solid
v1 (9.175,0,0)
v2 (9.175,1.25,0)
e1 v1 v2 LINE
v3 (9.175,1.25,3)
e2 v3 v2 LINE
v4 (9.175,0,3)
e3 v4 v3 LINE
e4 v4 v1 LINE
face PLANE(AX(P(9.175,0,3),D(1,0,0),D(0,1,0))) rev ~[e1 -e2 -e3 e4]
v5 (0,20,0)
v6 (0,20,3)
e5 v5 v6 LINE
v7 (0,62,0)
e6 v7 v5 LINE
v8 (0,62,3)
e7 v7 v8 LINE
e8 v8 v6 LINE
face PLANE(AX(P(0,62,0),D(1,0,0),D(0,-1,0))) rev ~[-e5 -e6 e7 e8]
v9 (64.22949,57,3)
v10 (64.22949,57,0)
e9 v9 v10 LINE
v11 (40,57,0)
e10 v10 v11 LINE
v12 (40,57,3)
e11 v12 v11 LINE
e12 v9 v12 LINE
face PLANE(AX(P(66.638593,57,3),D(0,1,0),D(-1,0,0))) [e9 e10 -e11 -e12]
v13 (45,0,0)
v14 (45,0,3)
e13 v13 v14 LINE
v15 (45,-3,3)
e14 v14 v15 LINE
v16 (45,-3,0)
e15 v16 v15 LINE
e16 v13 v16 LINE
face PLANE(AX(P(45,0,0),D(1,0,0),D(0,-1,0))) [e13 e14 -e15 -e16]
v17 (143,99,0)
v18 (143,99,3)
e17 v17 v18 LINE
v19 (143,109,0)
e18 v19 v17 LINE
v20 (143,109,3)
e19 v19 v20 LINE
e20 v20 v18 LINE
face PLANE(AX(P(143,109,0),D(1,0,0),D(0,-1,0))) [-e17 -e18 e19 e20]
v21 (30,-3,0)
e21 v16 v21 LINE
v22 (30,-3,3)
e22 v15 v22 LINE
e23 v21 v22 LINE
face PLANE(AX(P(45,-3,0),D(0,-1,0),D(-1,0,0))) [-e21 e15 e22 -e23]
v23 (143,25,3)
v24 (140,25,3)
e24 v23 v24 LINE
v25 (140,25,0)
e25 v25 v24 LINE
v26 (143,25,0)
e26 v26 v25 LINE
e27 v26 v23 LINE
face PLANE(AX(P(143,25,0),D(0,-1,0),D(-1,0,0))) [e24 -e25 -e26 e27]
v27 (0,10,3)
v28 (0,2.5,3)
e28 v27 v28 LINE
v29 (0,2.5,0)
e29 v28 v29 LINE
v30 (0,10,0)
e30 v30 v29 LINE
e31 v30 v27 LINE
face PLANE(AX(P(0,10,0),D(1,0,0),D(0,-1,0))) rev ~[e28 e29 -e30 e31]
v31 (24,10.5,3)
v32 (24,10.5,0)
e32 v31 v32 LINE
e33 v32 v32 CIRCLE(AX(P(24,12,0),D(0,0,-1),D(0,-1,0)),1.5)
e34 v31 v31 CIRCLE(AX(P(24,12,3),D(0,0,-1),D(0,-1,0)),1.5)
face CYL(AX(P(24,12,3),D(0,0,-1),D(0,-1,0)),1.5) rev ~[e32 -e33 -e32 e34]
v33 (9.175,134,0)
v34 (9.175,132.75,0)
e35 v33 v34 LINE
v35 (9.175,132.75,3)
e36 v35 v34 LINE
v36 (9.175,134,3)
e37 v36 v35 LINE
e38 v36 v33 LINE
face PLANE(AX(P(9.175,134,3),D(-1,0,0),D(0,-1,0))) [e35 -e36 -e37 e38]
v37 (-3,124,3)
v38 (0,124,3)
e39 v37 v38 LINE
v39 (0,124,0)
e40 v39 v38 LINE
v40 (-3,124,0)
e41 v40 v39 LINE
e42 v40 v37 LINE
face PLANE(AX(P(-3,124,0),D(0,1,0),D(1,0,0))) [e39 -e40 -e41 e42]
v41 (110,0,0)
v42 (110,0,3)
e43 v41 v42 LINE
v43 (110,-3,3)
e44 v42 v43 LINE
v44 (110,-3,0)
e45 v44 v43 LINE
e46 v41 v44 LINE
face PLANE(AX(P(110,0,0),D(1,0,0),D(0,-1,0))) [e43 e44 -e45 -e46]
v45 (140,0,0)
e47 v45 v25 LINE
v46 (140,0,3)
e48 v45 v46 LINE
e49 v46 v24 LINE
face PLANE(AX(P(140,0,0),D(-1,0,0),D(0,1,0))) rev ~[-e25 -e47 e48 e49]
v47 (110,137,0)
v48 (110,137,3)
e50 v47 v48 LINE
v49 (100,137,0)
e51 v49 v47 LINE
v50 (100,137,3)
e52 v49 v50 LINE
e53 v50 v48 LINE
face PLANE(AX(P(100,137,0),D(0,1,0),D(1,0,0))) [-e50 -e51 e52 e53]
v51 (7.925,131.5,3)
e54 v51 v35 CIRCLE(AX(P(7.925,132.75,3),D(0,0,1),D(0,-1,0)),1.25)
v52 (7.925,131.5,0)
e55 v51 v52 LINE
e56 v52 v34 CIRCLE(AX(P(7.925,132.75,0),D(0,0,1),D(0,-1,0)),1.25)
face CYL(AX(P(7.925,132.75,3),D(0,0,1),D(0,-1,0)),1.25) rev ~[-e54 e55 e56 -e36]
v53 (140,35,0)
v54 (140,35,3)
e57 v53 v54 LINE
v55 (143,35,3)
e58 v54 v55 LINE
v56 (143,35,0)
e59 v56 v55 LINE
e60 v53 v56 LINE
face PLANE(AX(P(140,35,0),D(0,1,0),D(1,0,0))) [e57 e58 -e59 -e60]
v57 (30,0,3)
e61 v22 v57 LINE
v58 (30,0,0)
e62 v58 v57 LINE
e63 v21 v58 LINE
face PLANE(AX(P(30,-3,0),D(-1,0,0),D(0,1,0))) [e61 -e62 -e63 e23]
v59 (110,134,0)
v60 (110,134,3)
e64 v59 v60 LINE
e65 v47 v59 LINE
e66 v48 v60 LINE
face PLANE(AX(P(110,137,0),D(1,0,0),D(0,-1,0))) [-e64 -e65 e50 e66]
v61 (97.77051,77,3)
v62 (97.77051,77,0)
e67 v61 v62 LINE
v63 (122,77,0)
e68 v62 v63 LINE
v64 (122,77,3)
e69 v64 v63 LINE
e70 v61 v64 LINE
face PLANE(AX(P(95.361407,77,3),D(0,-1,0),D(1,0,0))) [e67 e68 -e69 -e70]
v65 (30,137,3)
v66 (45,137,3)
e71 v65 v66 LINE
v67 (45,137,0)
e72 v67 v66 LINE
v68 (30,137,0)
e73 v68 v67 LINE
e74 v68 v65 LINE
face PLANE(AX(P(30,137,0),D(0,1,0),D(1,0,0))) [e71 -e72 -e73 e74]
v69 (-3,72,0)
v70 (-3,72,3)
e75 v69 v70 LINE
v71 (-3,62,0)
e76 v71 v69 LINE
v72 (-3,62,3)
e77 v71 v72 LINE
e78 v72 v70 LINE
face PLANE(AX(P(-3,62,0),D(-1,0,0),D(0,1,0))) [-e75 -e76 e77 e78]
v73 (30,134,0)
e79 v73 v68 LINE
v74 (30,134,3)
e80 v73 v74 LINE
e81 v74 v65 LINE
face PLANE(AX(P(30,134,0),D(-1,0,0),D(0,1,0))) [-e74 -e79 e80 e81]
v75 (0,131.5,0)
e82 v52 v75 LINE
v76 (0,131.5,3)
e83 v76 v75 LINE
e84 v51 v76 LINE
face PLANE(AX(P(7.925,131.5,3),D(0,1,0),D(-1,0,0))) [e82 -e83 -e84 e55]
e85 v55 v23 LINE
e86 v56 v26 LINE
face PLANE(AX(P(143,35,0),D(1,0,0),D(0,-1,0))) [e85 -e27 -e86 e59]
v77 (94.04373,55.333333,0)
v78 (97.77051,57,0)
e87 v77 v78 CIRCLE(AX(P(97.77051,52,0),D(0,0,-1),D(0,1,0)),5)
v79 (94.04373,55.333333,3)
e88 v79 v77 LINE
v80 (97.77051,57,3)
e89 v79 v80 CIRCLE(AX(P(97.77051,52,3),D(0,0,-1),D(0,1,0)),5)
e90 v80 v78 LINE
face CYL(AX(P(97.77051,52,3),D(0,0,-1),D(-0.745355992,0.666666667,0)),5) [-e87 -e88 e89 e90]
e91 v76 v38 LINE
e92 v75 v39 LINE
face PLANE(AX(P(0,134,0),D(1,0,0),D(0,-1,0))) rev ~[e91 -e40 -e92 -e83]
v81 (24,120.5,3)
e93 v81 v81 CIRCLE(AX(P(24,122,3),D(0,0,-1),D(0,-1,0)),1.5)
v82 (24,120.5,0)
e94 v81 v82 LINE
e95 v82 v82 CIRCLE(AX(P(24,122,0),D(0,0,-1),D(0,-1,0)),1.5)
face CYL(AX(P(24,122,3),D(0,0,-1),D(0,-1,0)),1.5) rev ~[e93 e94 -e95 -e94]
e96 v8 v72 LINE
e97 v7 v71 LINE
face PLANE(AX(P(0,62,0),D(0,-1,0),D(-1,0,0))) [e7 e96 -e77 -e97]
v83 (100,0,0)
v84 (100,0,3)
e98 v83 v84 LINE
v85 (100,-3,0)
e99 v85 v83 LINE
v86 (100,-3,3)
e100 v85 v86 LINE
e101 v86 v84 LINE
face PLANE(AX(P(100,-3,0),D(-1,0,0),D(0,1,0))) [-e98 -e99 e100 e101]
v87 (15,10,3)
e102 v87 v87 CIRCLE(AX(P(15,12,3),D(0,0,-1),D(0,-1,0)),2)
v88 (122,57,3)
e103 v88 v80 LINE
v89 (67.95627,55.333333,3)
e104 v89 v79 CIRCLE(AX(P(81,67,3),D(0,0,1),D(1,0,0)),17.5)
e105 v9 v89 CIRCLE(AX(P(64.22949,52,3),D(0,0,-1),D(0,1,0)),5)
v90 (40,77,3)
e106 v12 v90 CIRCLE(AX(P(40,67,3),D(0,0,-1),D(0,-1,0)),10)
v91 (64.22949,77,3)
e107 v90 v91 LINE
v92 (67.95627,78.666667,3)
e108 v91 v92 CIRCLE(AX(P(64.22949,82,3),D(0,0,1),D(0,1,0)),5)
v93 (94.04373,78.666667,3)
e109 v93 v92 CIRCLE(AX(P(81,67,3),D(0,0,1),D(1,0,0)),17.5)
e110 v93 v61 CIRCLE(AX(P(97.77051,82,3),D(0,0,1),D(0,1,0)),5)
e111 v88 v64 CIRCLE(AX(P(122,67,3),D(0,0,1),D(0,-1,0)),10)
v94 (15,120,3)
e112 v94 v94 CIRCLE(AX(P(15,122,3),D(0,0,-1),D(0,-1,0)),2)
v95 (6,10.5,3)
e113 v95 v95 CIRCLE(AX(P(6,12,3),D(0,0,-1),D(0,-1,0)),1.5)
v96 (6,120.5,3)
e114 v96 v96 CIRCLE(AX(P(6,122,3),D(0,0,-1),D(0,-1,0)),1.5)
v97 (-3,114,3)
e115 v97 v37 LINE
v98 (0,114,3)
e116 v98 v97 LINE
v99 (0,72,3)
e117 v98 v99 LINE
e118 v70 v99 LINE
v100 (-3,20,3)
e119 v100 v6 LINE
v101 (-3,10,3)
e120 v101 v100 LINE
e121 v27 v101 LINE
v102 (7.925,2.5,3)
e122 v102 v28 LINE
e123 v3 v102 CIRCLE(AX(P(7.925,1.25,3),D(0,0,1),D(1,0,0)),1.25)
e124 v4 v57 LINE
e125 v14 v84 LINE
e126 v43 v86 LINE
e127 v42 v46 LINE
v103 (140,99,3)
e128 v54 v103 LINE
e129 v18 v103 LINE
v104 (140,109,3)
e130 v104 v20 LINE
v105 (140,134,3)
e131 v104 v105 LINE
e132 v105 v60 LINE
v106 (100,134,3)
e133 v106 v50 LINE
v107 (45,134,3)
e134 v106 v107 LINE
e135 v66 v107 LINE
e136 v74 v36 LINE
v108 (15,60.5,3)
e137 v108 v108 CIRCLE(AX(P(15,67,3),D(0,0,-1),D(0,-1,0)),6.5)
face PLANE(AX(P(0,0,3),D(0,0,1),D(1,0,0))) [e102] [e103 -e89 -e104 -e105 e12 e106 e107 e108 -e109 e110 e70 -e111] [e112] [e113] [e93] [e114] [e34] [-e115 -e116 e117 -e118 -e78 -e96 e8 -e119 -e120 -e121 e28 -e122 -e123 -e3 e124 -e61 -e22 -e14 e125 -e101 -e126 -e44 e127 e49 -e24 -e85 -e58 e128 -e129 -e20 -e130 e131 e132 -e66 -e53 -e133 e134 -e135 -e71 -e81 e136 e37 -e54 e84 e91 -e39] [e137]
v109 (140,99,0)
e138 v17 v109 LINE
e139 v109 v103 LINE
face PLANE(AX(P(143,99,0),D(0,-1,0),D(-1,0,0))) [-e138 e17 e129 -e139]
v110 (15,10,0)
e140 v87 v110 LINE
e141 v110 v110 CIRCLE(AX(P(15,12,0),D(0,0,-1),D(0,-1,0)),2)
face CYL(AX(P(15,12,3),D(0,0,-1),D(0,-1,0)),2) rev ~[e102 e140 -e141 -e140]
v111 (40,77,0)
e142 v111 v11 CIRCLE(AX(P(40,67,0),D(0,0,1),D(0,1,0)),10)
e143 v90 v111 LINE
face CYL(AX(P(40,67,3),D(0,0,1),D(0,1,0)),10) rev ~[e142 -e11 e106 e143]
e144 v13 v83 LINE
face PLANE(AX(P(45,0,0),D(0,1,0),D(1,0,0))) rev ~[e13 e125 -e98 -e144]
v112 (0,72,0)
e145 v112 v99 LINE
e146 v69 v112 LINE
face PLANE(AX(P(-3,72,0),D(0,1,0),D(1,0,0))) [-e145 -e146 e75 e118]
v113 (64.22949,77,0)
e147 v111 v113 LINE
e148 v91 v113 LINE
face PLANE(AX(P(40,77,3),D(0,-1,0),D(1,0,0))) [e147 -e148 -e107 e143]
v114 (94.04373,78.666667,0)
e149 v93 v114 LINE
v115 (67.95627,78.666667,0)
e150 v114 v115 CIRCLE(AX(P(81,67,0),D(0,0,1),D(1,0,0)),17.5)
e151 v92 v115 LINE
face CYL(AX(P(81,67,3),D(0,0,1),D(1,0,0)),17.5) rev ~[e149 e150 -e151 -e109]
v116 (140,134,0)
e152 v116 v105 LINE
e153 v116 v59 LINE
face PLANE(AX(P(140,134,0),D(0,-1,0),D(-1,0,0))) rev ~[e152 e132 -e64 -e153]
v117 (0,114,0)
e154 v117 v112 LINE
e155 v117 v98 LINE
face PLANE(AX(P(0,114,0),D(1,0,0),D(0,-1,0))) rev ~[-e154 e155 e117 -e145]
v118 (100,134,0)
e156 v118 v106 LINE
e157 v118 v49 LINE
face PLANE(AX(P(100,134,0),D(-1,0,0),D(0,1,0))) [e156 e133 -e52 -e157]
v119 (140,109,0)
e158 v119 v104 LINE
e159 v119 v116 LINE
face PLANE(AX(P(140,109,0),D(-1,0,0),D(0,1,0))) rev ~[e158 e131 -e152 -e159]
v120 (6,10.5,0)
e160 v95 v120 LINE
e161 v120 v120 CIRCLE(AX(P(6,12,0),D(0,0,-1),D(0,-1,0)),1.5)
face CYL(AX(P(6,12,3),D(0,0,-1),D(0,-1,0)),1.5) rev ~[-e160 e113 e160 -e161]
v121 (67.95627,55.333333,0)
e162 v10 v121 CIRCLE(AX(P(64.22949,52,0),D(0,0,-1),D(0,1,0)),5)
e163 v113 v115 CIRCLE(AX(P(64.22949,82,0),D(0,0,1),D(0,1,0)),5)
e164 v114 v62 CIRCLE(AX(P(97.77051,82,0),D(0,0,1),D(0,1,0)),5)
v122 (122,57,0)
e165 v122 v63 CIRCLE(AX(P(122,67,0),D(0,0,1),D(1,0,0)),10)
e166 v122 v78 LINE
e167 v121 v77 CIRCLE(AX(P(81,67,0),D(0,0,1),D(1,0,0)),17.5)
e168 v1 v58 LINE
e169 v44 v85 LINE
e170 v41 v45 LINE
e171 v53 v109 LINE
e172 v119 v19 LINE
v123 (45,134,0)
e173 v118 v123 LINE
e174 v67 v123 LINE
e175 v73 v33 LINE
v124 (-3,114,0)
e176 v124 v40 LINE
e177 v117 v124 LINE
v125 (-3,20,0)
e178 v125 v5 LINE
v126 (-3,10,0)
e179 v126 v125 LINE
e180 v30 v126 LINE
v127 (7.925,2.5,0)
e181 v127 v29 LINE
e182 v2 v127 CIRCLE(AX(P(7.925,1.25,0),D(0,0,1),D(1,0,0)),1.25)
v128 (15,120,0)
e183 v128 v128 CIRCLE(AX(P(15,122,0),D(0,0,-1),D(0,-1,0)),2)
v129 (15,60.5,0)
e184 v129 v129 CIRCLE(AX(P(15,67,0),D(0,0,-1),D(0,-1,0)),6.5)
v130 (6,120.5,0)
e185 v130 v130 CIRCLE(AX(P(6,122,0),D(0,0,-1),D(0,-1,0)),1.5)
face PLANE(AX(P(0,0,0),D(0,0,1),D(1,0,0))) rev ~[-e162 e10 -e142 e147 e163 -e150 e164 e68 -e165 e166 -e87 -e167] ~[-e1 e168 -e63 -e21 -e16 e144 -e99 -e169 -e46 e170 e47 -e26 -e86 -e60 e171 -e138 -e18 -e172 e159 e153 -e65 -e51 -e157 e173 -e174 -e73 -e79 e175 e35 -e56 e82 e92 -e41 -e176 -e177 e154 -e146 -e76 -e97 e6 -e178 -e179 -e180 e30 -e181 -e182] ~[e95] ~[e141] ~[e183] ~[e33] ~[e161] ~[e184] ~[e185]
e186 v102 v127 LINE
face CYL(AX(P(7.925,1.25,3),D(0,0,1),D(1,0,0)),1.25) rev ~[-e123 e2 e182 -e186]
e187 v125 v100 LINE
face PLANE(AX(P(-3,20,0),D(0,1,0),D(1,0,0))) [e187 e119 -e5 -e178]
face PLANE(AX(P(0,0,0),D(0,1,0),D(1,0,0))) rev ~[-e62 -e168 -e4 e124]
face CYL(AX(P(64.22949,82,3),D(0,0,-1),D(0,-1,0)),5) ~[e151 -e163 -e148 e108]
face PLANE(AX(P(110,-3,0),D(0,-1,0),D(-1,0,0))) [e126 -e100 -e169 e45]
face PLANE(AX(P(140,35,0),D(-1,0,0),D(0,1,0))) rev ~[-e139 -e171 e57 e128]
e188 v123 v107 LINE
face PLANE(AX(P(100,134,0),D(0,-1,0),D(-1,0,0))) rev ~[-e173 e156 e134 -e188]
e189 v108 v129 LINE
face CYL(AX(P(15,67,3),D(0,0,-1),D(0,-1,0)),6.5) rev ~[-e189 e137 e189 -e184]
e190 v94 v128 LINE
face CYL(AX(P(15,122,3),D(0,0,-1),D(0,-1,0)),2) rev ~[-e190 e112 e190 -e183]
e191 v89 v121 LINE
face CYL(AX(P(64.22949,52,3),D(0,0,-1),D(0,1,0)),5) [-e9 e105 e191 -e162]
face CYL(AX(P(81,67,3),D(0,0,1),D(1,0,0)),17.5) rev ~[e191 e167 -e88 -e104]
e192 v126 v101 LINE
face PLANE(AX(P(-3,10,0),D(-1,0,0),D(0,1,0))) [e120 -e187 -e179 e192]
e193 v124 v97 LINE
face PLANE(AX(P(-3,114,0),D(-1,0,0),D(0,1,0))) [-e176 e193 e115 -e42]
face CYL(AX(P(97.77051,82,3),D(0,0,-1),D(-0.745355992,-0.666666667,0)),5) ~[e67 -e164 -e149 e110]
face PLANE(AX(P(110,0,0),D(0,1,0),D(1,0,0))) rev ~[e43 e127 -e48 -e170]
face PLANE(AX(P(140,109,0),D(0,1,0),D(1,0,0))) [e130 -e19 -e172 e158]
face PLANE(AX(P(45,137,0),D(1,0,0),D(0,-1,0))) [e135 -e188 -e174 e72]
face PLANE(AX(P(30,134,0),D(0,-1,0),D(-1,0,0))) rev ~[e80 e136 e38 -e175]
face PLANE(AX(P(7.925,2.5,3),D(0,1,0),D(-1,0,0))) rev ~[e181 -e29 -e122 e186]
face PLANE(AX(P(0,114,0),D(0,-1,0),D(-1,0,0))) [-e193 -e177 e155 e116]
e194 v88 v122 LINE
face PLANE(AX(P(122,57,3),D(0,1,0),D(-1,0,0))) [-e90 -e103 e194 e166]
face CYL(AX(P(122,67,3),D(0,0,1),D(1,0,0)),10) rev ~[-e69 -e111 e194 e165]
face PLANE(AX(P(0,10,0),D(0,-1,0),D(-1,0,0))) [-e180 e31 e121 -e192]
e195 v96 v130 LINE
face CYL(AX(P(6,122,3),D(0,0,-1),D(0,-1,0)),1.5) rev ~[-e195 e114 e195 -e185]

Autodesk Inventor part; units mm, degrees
ref_plane "YZ Plane" through (0, 0, 0) normal (1, 0, 0) x (0, 1, 0)
ref_plane "XZ Plane" through (0, 0, 0) normal (0, 1, 0) x (-1, 0, 0)
ref_plane "XY Plane" through (0, 0, 0) normal (0, 0, 1) x (1, 0, 0)
sketch "Sketch1" plane through (0, 0, 0) normal (0, 0, 1) x (1, 0, 0)
  line L0 (0, 0) -> (140, 0)
  line L1 (140, 0) -> (140, 134)
  line L2 (140, 134) -> (0, 134)
  line L3 (0, 134) -> (0, 0)
  line L4 (30, 137) -> (45, 137)
  line L5 (45, 137) -> (45, -3)
  line L6 (45, -3) -> (30, -3)
  line L7 (30, -3) -> (30, 137)
  line L8 (100, 137) -> (110, 137)
  line L9 (110, 137) -> (110, -3)
  line L10 (110, -3) -> (100, -3)
  line L11 (100, -3) -> (100, 137)
  line L12 (-3, 124) -> (0, 124)
  line L13 (0, 124) -> (0, 114)
  line L14 (0, 114) -> (-3, 114)
  line L15 (-3, 114) -> (-3, 124)
  line L16 (-3, 20) -> (0, 20)
  line L17 (0, 20) -> (0, 10)
  line L18 (0, 10) -> (-3, 10)
  line L19 (-3, 10) -> (-3, 20)
  line L20 (-3, 72) -> (0, 72)
  line L21 (0, 72) -> (0, 62)
  line L22 (0, 62) -> (-3, 62)
  line L23 (-3, 62) -> (-3, 72)
  line L24 (140, 109) -> (143, 109)
  line L25 (143, 109) -> (143, 99)
  line L26 (143, 99) -> (140, 99)
  line L27 (140, 99) -> (140, 109)
  line L28 (140, 35) -> (143, 35)
  line L29 (143, 35) -> (143, 25)
  line L30 (143, 25) -> (140, 25)
  line L31 (140, 25) -> (140, 35)
  dimension "d0" = 140
  dimension "d1" = 134
  dimension "d2" = 140
  dimension "d3" = 3
  dimension "d4" = 15
  dimension "d5" = 10
  dimension "d6" = 140
  dimension "d7" = 3
  dimension "d8" = 30
  dimension "d9" = 30
  dimension "d10" = 10
  dimension "d11" = 3
  dimension "d13" = 10
  dimension "d14" = 3
  dimension "d16" = 10
  dimension "d17" = 10
  dimension "d74" = 10
  dimension "d75" = 42
  dimension "d76" = 3
  dimension "d77" = 10
  dimension "d78" = 3
  dimension "d79" = 25
  dimension "d80" = 10
  dimension "d81" = 25
  dimension "d82" = 3
extrude "Extrusion1" add sketch "Sketch1" along normal blind 3
sketch "Sketch2" plane through (0, 0, 3) normal (0, 0, 1) x (1, 0, 0)
  line L0 (40, 77) -> (122, 77)
  line L1 (132, 67) -> (132, 67)
  line L2 (122, 57) -> (40, 57)
  line L3 (30, 67) -> (30, 67)
  arc A0 (40, 77) -> (30, 67) centre (40, 67) ccw
  arc A1 (30, 67) -> (40, 57) centre (40, 67) ccw
  arc A2 (122, 57) -> (132, 67) centre (122, 67) ccw
  arc A3 (132, 67) -> (122, 77) centre (122, 67) ccw
  line L4 (140, 114) -> (140, 20) projected
  line L5 (45, 134) -> (100, 134) projected
  circle A4 centre (81, 67) radius 17.5
  point P0 (30, 77)
  point P1 (132, 77)
  point P2 (30, 57)
  dimension "d20" = 20
  dimension "d21" = 102
  dimension "d23" = 10
  dimension "d52" = 8
  dimension "d71" = 57
  dimension "d83" = 35
  dimension "d84" = 51
extrude "Extrusion2" cut sketch "Sketch2" against normal through all
sketch "Sketch3" plane through (0, 0, 3) normal (0, 0, 1) x (1, 0, 0)
  line L0 (0, 20) -> (0, 114) projected
  line L1 (0, 0) -> (0, 10) projected
  line L2 (30, 0) -> (0, 0) projected
  line L3 (0, 134) -> (30, 134) projected
  point P0 (15, 12)
  point P1 (15, 122)
  dimension "d26" = 15
  dimension "d27" = 12
  dimension "d28" = 15
  dimension "d48" = 12
hole "Hole1" at (15, 12, 3) at (15, 122, 3) direction (0, 0, -1) diameter 4 end through all
sketch "Sketch4" plane through (0, 0, 3) normal (0, 0, 1) x (1, 0, 0)
  circle A0 centre (15, 12) radius 2 projected
  circle A1 centre (15, 122) radius 2 projected
  point P0 (24, 122)
  point P1 (6, 122)
  point P2 (24, 12)
  point P3 (6, 12)
  dimension "d37" = 9
  dimension "d38" = 9
  dimension "d39" = 9
  dimension "d40" = 9
  dimension "d49" = 0
  dimension "d50" = 0
hole "Hole2" at (24, 122, 3) at (6, 122, 3) at (24, 12, 3) at (6, 12, 3) direction (0, 0, -1) diameter 3 end through all
sketch "Sketch5" plane through (0, 0, 3) normal (0, 0, 1) x (1, 0, 0)
  point P0 (15, 67)
hole "Hole3" at (15, 67, 3) direction (0, 0, -1) diameter 13 end through all
fillet "圓角1" radius 5 4 edges at (66.6386, 77, 1.5) (95.3614, 77, 1.5) (95.3614, 57, 1.5) (66.6386, 57, 1.5)
sketch "草圖7" plane through (0, 0, 3) normal (0, 0, 1) x (1, 0, 0)
  line L0 (0, 134) -> (9.175, 134)
  line L1 (9.175, 134) -> (9.175, 132.75)
  line L2 (7.925, 131.5) -> (0, 131.5)
  line L3 (0, 131.5) -> (0, 134)
  arc A0 (7.925, 131.5) -> (9.175, 132.75) centre (7.925, 132.75) ccw
  line L4 (0, 0) -> (9.175, 0)
  line L5 (9.175, 0) -> (9.175, 1.25)
  line L6 (7.925, 2.5) -> (0, 2.5)
  line L7 (0, 2.5) -> (0, 0)
  arc A1 (9.175, 1.25) -> (7.925, 2.5) centre (7.925, 1.25) ccw
  point P0 (9.175, 131.5)
  point P1 (9.175, 2.5)
  dimension "d86" = 9.175
  dimension "d88" = 2.5
  dimension "d89" = 1.25
  dimension "d90" = 9.175
  dimension "d91" = 2.5
  dimension "d92" = 1.25
extrude "擠出3" cut sketch "草圖7" against normal through all
equation "\"d93\" = d88"
properties part number "plastic_part_04"
